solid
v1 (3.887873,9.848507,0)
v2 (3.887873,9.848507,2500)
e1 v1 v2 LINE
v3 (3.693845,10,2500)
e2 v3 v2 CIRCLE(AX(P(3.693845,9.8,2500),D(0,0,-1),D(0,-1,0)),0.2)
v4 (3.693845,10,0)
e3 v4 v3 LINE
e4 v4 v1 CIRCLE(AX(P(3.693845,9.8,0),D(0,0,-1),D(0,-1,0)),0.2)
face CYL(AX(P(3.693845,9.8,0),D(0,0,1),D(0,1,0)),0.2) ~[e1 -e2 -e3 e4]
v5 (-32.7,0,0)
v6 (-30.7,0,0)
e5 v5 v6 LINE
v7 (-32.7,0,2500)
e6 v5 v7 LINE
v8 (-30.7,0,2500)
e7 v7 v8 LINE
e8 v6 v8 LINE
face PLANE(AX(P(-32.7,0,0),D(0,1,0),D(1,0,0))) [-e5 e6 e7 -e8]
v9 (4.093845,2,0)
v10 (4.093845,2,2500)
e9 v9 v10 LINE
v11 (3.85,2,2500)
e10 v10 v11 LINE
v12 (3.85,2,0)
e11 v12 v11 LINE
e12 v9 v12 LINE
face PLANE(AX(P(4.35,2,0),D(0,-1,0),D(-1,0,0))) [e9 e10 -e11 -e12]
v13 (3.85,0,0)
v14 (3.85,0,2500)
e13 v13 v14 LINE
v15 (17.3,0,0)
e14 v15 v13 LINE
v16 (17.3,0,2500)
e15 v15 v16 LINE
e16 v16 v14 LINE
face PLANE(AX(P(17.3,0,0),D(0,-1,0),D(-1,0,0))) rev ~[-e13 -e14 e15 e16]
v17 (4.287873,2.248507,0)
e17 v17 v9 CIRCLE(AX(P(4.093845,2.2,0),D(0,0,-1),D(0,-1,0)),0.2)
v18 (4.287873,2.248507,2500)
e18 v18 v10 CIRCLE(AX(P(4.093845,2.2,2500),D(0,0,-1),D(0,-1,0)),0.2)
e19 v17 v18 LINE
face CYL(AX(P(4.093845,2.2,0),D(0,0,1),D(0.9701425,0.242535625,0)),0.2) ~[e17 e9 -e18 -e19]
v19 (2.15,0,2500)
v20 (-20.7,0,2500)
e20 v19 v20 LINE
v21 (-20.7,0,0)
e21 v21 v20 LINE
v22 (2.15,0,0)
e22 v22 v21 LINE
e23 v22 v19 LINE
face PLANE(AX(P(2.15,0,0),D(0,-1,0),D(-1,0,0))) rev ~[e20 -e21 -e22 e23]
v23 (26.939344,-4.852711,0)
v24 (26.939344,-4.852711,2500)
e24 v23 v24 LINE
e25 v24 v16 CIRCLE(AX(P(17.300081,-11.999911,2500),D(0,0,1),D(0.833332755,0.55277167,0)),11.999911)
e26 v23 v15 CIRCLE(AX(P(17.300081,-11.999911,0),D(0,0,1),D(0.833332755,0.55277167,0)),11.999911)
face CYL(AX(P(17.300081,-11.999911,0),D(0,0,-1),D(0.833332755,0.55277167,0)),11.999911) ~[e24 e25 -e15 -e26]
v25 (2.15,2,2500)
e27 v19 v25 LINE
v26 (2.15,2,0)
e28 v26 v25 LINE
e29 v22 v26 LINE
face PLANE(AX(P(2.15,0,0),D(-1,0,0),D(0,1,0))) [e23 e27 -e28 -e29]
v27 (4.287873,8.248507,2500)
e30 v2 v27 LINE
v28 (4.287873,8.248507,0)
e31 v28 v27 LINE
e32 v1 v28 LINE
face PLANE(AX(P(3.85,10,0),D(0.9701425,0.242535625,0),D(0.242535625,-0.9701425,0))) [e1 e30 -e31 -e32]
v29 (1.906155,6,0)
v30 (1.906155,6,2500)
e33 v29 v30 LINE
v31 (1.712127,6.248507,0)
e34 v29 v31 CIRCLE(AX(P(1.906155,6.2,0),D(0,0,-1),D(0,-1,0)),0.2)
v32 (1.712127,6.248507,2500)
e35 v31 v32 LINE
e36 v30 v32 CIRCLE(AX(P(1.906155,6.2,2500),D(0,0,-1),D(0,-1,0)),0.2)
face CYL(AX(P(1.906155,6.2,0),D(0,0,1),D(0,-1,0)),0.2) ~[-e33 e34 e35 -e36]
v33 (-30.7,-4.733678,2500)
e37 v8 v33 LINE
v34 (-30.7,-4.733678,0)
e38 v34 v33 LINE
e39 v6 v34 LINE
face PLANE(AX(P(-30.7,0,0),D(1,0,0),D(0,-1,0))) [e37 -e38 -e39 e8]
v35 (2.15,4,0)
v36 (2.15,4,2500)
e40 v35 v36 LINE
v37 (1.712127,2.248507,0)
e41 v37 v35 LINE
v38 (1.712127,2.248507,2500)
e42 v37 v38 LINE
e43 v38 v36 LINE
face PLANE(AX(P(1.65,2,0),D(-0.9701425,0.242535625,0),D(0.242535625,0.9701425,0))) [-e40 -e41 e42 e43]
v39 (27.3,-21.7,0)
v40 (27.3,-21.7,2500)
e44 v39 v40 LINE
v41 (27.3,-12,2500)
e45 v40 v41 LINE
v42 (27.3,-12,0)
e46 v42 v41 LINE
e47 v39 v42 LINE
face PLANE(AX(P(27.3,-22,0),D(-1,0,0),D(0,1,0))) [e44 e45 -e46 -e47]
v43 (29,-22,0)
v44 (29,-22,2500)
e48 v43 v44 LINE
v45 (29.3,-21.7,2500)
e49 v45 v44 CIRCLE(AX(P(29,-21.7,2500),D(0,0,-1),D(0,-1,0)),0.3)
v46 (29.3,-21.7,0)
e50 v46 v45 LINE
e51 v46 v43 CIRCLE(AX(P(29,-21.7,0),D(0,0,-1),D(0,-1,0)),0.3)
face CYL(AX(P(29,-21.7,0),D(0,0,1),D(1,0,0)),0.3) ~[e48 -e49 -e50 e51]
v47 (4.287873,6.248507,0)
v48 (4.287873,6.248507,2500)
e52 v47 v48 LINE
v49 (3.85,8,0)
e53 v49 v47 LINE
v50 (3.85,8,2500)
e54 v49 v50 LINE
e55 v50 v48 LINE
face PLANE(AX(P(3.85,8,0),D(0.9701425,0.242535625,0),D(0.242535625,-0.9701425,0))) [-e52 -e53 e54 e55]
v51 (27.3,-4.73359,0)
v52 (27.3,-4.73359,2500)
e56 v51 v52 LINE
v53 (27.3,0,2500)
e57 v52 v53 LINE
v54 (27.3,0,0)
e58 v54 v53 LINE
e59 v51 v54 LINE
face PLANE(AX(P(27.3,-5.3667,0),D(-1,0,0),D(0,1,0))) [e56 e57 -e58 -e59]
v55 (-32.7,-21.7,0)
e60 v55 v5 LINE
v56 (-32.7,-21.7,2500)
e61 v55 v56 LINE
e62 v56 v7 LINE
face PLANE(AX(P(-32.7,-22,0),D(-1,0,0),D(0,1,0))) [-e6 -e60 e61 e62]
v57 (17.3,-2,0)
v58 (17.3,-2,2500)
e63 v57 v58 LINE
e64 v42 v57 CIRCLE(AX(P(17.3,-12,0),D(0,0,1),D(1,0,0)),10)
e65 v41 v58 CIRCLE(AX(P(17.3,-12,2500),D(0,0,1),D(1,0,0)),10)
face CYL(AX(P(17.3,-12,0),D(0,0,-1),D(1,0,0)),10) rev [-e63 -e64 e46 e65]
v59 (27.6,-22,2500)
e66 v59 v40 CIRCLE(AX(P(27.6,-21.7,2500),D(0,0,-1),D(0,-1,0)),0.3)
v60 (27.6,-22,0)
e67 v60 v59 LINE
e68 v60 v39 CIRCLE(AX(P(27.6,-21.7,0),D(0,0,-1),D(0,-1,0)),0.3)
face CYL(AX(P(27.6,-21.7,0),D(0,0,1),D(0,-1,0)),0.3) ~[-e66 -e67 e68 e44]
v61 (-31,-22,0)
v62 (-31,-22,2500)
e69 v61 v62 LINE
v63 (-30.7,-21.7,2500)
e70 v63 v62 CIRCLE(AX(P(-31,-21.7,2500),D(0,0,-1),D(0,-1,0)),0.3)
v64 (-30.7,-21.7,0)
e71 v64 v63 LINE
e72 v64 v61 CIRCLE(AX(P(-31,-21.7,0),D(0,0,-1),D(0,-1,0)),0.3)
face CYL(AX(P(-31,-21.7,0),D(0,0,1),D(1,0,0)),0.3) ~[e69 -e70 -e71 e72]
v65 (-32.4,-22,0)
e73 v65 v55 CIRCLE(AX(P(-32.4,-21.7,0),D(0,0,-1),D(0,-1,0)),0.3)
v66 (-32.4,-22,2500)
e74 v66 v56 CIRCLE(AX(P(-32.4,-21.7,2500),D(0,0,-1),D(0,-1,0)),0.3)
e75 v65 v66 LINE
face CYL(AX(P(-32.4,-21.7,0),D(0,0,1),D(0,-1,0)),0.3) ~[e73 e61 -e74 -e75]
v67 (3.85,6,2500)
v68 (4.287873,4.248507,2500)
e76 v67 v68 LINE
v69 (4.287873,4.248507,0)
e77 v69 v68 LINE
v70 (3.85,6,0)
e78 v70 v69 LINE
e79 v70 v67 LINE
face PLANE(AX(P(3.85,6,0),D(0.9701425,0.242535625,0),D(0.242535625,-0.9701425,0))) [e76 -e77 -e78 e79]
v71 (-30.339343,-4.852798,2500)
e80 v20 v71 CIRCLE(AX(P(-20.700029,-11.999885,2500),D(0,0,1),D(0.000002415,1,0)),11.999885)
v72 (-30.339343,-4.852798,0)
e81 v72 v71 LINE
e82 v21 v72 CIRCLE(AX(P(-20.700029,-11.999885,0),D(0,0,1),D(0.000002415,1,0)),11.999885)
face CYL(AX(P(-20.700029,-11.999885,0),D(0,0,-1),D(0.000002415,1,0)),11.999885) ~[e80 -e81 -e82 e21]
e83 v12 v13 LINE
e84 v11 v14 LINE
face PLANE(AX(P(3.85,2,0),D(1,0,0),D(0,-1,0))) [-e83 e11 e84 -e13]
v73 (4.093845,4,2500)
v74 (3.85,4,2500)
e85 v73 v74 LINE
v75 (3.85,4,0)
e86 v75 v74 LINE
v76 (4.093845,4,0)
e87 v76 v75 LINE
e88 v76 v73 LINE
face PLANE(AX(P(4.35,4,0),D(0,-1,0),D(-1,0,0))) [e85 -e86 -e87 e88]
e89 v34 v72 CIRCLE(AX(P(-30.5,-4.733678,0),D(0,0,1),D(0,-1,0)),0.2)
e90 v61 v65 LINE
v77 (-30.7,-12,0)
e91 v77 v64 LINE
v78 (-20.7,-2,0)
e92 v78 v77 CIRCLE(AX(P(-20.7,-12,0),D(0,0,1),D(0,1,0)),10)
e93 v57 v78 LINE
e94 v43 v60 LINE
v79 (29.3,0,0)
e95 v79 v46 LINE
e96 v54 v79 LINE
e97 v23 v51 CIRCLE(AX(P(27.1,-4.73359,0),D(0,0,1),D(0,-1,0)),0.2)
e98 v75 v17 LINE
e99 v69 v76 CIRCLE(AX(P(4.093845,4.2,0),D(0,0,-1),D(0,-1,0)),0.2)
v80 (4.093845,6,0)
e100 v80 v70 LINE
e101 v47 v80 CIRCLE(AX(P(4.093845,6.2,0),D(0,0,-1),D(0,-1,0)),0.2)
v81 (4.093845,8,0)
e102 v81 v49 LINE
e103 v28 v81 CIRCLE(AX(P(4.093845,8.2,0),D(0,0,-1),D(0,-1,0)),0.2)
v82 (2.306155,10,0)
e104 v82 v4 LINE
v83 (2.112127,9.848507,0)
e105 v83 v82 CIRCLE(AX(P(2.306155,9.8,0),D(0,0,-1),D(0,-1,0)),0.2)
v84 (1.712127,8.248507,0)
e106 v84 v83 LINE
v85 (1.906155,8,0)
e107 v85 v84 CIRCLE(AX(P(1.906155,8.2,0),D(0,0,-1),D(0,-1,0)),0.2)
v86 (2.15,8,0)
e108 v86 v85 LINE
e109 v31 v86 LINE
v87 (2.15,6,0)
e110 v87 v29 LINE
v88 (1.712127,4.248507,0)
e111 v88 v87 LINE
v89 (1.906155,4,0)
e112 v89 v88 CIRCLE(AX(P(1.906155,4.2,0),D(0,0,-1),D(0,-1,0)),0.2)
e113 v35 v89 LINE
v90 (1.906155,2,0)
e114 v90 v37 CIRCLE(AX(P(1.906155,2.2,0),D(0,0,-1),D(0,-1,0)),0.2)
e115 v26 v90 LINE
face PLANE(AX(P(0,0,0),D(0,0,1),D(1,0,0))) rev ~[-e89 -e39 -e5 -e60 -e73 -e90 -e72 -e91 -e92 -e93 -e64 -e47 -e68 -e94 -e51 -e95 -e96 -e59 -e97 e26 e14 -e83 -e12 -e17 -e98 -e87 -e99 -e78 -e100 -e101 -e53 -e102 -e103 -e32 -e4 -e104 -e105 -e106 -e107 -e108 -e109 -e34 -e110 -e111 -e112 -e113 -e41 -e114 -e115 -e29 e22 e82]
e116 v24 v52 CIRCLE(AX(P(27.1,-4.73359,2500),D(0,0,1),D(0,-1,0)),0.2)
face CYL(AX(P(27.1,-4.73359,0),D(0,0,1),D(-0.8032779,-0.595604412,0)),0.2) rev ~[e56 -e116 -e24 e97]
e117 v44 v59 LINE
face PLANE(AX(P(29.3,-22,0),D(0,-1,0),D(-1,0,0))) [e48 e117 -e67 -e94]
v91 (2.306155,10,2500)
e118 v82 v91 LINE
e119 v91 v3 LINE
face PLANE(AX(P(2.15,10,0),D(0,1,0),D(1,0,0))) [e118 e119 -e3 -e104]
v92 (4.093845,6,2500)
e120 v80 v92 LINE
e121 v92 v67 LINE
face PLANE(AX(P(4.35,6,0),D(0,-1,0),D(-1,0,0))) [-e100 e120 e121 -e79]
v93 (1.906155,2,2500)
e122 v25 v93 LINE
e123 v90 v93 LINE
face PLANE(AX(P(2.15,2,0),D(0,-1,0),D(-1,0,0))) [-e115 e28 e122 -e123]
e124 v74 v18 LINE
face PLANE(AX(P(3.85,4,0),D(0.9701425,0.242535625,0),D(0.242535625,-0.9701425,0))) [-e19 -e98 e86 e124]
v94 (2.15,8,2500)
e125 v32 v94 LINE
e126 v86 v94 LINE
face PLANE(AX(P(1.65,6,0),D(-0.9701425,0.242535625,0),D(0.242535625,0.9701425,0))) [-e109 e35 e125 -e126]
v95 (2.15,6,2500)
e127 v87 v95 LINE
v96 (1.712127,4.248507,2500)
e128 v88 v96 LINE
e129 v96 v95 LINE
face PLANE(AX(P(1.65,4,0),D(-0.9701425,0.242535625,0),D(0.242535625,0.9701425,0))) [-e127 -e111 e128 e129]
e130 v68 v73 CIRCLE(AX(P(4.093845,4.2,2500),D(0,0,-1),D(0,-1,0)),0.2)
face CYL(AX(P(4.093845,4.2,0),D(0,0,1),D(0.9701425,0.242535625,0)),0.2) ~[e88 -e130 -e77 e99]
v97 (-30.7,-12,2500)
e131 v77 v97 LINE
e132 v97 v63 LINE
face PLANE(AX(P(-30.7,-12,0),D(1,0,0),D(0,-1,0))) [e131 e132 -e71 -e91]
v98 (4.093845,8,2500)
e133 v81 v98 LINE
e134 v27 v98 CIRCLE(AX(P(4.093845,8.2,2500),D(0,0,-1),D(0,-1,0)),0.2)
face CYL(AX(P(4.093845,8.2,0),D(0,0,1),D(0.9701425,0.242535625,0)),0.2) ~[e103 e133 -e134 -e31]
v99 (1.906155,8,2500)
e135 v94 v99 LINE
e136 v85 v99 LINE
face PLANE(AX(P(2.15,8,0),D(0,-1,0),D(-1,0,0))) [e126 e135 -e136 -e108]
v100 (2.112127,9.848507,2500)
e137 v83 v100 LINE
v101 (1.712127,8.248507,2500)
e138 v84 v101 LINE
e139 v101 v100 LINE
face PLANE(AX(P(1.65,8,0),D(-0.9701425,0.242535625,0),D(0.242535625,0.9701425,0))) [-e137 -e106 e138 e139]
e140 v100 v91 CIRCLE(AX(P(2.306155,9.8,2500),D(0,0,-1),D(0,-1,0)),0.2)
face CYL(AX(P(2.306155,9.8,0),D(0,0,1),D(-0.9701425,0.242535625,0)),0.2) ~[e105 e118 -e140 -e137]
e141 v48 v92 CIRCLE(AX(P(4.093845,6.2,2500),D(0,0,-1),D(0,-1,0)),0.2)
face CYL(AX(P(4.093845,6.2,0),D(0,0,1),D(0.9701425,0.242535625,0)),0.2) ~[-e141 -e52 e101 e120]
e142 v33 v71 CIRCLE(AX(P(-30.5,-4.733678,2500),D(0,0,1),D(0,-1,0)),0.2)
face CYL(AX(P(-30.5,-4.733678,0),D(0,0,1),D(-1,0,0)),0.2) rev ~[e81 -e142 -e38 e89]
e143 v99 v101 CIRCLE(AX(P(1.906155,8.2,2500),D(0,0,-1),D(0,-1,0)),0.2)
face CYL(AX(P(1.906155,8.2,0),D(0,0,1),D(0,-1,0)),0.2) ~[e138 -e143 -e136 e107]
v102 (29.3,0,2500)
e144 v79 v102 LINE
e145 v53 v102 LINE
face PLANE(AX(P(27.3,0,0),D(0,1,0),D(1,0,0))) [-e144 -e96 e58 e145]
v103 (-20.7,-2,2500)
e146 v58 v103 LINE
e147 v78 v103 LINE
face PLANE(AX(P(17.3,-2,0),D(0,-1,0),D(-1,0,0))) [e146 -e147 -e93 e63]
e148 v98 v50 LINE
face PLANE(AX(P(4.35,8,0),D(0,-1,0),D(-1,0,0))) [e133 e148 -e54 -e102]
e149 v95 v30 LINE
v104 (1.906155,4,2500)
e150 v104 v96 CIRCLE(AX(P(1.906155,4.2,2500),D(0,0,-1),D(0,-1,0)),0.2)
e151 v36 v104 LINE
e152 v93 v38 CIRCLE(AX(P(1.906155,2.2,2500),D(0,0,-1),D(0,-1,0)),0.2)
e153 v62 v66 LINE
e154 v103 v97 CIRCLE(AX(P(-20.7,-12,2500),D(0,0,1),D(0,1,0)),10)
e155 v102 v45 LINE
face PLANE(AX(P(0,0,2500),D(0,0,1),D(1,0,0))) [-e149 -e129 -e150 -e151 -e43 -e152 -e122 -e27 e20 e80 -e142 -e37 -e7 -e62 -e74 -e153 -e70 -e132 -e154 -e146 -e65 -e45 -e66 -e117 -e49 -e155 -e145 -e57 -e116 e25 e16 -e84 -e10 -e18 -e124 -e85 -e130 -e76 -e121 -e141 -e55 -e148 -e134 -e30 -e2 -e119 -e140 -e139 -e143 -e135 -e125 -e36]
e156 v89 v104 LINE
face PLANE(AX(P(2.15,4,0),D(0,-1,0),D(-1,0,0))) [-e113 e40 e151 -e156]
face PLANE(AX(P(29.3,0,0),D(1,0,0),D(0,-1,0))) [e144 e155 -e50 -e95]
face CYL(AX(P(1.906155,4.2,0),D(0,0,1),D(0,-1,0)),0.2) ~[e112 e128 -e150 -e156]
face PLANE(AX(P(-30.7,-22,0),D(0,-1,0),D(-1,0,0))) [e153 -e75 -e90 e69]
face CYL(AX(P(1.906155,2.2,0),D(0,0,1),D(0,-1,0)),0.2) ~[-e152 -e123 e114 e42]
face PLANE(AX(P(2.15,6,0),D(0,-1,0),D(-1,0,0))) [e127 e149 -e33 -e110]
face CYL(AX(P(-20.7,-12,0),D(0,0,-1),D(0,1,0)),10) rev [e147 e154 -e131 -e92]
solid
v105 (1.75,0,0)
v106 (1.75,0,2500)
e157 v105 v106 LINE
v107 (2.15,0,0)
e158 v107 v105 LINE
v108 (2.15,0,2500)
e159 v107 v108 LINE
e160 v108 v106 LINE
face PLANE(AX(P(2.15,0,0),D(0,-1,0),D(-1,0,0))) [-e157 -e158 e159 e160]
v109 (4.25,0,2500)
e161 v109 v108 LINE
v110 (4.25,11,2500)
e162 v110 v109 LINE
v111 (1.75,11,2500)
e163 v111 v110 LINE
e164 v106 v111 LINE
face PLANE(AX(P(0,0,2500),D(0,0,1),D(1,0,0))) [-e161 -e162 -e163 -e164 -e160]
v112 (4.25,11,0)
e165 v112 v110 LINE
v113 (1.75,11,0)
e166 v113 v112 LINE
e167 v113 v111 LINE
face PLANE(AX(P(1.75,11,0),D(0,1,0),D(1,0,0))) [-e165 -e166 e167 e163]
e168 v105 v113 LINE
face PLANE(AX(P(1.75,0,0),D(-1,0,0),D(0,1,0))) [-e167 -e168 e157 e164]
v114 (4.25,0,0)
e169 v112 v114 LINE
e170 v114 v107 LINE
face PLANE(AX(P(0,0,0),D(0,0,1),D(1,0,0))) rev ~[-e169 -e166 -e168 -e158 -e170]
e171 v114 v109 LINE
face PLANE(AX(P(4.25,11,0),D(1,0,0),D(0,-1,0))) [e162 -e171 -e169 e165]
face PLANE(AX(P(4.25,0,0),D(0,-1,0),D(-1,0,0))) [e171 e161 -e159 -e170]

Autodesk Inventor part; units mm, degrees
ref_plane "YZ Plane" through (0, 0, 0) normal (1, 0, 0) x (0, 1, 0)
ref_plane "XZ Plane" through (0, 0, 0) normal (0, 1, 0) x (-1, 0, 0)
ref_plane "XY Plane" through (0, 0, 0) normal (0, 0, 1) x (1, 0, 0)
sketch "Sketch2" plane through (0, 0, 0) normal (0, 0, 1) x (1, 0, 0)
  line L0 (29.3, 0) -> (29.3, -22)
  line L1 (29.3, -22) -> (27.3, -22)
  line L2 (27.3, -22) -> (27.3, -12)
  arc A0 (27.3, -12) -> (17.3, -2) centre (17.3, -12) ccw
  line L3 (17.3, -2) -> (-20.7, -2)
  arc A1 (-20.7, -2) -> (-30.7, -12) centre (-20.7, -12) ccw
  line L4 (-30.7, -12) -> (-30.7, -22)
  line L5 (-30.7, -22) -> (-32.7, -22)
  line L6 (-32.7, -22) -> (-32.7, 0)
  line L7 (-32.7, 0) -> (-30.7, 0)
  line L8 (-30.7, 0) -> (-30.7, -5.3668)
  arc A2 (-20.7, 0) -> (-30.7, -5.3668) centre (-20.7, -12) ccw
  arc A3 (27.3, -5.3667) -> (17.3, 0) centre (17.3, -12) ccw
  line L9 (27.3, -5.3667) -> (27.3, 0)
  line L10 (27.3, 0) -> (29.3, 0)
  line L11 (2.15, 0) -> (2.15, 2)
  line L12 (2.15, 2) -> (1.65, 2)
  line L13 (1.65, 2) -> (2.15, 4)
  line L14 (2.15, 4) -> (1.65, 4)
  line L15 (1.65, 4) -> (2.15, 6)
  line L16 (2.15, 6) -> (1.65, 6)
  line L17 (1.65, 6) -> (2.15, 8)
  line L18 (2.15, 8) -> (1.65, 8)
  line L19 (1.65, 8) -> (2.15, 10)
  line L20 (2.15, 10) -> (3.85, 10)
  line L21 (3.85, 10) -> (4.35, 8)
  line L22 (4.35, 8) -> (3.85, 8)
  line L23 (3.85, 8) -> (4.35, 6)
  line L24 (4.35, 6) -> (3.85, 6)
  line L25 (3.85, 6) -> (4.35, 4)
  line L26 (4.35, 4) -> (3.85, 4)
  line L27 (3.85, 4) -> (4.35, 2)
  line L28 (4.35, 2) -> (3.85, 2)
  line L29 (3.85, 2) -> (3.85, 0)
  line L30 (17.3, 0) -> (3.85, 0)
  line L31 (2.15, 0) -> (-20.7, 0)
  point P0 (0, 0)
  point P1 (0, 0)
  dimension "d0" = 10
  dimension "d1" = 12
  dimension "d2" = 22
  dimension "d3" = 62
  dimension "d4" = 2
  dimension "d5" = 10
  dimension "d6" = 10
  dimension "d23" = 25.45
  dimension "d25" = 0.5
  dimension "d26" = 2
  dimension "d27" = 1.7
  dimension "d28" = 2
  dimension "d29" = 2.15
  dimension "d30" = 10
  dimension "d31" = 2
  dimension "d32" = 2
  dimension "d33" = 22
  dimension "d34" = 20
  dimension "d35" = 2
  dimension "d36" = 10
  dimension "d37" = 2
  dimension "d38" = 10
extrude "01_ex1" add sketch "Sketch2" along normal blind 2500
fillet "Fillet2" radius 0.2 12 edges at (4.35, 8, 1250) (3.85, 10, 1250) (2.15, 10, 1250) (1.65, 8, 1250) (4.35, 6, 1250) (1.65, 6, 1250) (4.35, 4, 1250) (1.65, 4, 1250) (1.65, 2, 1250) (4.35, 2, 1250) (27.3, -5.3667, 1250) (-30.7, -5.3668, 1250)
fillet "Fillet2" radius 0.3 4 edges at (-30.7, -22, 1250) (-32.7, -22, 1250) (29.3, -22, 1250) (27.3, -22, 1250)
sketch "Sketch4" plane through (0, 0, 0) normal (0, 0, 1) x (1, 0, 0)
  line L0 (1.75, 11) -> (4.25, 11)
  line L1 (4.25, 11) -> (4.25, 0)
  line L2 (4.25, 0) -> (1.75, 0)
  line L3 (1.75, 0) -> (1.75, 11)
  line L4 (2.15, 0) -> (-20.7, 0) projected
  line L5 (3.85, 10) -> (2.15, 10) projected
  point P0 (0, 0)
  point P1 (3, 11)
  point P2 (3, 10)
  dimension "d41" = 2.5
  dimension "d42" = 11
extrude "02_ex1" add sketch "Sketch4" along normal blind 2500 separate body
ref_plane "Work Plane1" through (3, 2, 2500) normal (1, 0, 0) x (0, 0, -1)
equation "\"d5\" = d0"
equation "\"d6\" = d0"
equation "\"d39\" = Length"
equation "\"d43\" = Length"
equation "\"Length\" = 2500"
properties part number "Hafele_alu_126_37_U-01" material "Aluminum 6061"
